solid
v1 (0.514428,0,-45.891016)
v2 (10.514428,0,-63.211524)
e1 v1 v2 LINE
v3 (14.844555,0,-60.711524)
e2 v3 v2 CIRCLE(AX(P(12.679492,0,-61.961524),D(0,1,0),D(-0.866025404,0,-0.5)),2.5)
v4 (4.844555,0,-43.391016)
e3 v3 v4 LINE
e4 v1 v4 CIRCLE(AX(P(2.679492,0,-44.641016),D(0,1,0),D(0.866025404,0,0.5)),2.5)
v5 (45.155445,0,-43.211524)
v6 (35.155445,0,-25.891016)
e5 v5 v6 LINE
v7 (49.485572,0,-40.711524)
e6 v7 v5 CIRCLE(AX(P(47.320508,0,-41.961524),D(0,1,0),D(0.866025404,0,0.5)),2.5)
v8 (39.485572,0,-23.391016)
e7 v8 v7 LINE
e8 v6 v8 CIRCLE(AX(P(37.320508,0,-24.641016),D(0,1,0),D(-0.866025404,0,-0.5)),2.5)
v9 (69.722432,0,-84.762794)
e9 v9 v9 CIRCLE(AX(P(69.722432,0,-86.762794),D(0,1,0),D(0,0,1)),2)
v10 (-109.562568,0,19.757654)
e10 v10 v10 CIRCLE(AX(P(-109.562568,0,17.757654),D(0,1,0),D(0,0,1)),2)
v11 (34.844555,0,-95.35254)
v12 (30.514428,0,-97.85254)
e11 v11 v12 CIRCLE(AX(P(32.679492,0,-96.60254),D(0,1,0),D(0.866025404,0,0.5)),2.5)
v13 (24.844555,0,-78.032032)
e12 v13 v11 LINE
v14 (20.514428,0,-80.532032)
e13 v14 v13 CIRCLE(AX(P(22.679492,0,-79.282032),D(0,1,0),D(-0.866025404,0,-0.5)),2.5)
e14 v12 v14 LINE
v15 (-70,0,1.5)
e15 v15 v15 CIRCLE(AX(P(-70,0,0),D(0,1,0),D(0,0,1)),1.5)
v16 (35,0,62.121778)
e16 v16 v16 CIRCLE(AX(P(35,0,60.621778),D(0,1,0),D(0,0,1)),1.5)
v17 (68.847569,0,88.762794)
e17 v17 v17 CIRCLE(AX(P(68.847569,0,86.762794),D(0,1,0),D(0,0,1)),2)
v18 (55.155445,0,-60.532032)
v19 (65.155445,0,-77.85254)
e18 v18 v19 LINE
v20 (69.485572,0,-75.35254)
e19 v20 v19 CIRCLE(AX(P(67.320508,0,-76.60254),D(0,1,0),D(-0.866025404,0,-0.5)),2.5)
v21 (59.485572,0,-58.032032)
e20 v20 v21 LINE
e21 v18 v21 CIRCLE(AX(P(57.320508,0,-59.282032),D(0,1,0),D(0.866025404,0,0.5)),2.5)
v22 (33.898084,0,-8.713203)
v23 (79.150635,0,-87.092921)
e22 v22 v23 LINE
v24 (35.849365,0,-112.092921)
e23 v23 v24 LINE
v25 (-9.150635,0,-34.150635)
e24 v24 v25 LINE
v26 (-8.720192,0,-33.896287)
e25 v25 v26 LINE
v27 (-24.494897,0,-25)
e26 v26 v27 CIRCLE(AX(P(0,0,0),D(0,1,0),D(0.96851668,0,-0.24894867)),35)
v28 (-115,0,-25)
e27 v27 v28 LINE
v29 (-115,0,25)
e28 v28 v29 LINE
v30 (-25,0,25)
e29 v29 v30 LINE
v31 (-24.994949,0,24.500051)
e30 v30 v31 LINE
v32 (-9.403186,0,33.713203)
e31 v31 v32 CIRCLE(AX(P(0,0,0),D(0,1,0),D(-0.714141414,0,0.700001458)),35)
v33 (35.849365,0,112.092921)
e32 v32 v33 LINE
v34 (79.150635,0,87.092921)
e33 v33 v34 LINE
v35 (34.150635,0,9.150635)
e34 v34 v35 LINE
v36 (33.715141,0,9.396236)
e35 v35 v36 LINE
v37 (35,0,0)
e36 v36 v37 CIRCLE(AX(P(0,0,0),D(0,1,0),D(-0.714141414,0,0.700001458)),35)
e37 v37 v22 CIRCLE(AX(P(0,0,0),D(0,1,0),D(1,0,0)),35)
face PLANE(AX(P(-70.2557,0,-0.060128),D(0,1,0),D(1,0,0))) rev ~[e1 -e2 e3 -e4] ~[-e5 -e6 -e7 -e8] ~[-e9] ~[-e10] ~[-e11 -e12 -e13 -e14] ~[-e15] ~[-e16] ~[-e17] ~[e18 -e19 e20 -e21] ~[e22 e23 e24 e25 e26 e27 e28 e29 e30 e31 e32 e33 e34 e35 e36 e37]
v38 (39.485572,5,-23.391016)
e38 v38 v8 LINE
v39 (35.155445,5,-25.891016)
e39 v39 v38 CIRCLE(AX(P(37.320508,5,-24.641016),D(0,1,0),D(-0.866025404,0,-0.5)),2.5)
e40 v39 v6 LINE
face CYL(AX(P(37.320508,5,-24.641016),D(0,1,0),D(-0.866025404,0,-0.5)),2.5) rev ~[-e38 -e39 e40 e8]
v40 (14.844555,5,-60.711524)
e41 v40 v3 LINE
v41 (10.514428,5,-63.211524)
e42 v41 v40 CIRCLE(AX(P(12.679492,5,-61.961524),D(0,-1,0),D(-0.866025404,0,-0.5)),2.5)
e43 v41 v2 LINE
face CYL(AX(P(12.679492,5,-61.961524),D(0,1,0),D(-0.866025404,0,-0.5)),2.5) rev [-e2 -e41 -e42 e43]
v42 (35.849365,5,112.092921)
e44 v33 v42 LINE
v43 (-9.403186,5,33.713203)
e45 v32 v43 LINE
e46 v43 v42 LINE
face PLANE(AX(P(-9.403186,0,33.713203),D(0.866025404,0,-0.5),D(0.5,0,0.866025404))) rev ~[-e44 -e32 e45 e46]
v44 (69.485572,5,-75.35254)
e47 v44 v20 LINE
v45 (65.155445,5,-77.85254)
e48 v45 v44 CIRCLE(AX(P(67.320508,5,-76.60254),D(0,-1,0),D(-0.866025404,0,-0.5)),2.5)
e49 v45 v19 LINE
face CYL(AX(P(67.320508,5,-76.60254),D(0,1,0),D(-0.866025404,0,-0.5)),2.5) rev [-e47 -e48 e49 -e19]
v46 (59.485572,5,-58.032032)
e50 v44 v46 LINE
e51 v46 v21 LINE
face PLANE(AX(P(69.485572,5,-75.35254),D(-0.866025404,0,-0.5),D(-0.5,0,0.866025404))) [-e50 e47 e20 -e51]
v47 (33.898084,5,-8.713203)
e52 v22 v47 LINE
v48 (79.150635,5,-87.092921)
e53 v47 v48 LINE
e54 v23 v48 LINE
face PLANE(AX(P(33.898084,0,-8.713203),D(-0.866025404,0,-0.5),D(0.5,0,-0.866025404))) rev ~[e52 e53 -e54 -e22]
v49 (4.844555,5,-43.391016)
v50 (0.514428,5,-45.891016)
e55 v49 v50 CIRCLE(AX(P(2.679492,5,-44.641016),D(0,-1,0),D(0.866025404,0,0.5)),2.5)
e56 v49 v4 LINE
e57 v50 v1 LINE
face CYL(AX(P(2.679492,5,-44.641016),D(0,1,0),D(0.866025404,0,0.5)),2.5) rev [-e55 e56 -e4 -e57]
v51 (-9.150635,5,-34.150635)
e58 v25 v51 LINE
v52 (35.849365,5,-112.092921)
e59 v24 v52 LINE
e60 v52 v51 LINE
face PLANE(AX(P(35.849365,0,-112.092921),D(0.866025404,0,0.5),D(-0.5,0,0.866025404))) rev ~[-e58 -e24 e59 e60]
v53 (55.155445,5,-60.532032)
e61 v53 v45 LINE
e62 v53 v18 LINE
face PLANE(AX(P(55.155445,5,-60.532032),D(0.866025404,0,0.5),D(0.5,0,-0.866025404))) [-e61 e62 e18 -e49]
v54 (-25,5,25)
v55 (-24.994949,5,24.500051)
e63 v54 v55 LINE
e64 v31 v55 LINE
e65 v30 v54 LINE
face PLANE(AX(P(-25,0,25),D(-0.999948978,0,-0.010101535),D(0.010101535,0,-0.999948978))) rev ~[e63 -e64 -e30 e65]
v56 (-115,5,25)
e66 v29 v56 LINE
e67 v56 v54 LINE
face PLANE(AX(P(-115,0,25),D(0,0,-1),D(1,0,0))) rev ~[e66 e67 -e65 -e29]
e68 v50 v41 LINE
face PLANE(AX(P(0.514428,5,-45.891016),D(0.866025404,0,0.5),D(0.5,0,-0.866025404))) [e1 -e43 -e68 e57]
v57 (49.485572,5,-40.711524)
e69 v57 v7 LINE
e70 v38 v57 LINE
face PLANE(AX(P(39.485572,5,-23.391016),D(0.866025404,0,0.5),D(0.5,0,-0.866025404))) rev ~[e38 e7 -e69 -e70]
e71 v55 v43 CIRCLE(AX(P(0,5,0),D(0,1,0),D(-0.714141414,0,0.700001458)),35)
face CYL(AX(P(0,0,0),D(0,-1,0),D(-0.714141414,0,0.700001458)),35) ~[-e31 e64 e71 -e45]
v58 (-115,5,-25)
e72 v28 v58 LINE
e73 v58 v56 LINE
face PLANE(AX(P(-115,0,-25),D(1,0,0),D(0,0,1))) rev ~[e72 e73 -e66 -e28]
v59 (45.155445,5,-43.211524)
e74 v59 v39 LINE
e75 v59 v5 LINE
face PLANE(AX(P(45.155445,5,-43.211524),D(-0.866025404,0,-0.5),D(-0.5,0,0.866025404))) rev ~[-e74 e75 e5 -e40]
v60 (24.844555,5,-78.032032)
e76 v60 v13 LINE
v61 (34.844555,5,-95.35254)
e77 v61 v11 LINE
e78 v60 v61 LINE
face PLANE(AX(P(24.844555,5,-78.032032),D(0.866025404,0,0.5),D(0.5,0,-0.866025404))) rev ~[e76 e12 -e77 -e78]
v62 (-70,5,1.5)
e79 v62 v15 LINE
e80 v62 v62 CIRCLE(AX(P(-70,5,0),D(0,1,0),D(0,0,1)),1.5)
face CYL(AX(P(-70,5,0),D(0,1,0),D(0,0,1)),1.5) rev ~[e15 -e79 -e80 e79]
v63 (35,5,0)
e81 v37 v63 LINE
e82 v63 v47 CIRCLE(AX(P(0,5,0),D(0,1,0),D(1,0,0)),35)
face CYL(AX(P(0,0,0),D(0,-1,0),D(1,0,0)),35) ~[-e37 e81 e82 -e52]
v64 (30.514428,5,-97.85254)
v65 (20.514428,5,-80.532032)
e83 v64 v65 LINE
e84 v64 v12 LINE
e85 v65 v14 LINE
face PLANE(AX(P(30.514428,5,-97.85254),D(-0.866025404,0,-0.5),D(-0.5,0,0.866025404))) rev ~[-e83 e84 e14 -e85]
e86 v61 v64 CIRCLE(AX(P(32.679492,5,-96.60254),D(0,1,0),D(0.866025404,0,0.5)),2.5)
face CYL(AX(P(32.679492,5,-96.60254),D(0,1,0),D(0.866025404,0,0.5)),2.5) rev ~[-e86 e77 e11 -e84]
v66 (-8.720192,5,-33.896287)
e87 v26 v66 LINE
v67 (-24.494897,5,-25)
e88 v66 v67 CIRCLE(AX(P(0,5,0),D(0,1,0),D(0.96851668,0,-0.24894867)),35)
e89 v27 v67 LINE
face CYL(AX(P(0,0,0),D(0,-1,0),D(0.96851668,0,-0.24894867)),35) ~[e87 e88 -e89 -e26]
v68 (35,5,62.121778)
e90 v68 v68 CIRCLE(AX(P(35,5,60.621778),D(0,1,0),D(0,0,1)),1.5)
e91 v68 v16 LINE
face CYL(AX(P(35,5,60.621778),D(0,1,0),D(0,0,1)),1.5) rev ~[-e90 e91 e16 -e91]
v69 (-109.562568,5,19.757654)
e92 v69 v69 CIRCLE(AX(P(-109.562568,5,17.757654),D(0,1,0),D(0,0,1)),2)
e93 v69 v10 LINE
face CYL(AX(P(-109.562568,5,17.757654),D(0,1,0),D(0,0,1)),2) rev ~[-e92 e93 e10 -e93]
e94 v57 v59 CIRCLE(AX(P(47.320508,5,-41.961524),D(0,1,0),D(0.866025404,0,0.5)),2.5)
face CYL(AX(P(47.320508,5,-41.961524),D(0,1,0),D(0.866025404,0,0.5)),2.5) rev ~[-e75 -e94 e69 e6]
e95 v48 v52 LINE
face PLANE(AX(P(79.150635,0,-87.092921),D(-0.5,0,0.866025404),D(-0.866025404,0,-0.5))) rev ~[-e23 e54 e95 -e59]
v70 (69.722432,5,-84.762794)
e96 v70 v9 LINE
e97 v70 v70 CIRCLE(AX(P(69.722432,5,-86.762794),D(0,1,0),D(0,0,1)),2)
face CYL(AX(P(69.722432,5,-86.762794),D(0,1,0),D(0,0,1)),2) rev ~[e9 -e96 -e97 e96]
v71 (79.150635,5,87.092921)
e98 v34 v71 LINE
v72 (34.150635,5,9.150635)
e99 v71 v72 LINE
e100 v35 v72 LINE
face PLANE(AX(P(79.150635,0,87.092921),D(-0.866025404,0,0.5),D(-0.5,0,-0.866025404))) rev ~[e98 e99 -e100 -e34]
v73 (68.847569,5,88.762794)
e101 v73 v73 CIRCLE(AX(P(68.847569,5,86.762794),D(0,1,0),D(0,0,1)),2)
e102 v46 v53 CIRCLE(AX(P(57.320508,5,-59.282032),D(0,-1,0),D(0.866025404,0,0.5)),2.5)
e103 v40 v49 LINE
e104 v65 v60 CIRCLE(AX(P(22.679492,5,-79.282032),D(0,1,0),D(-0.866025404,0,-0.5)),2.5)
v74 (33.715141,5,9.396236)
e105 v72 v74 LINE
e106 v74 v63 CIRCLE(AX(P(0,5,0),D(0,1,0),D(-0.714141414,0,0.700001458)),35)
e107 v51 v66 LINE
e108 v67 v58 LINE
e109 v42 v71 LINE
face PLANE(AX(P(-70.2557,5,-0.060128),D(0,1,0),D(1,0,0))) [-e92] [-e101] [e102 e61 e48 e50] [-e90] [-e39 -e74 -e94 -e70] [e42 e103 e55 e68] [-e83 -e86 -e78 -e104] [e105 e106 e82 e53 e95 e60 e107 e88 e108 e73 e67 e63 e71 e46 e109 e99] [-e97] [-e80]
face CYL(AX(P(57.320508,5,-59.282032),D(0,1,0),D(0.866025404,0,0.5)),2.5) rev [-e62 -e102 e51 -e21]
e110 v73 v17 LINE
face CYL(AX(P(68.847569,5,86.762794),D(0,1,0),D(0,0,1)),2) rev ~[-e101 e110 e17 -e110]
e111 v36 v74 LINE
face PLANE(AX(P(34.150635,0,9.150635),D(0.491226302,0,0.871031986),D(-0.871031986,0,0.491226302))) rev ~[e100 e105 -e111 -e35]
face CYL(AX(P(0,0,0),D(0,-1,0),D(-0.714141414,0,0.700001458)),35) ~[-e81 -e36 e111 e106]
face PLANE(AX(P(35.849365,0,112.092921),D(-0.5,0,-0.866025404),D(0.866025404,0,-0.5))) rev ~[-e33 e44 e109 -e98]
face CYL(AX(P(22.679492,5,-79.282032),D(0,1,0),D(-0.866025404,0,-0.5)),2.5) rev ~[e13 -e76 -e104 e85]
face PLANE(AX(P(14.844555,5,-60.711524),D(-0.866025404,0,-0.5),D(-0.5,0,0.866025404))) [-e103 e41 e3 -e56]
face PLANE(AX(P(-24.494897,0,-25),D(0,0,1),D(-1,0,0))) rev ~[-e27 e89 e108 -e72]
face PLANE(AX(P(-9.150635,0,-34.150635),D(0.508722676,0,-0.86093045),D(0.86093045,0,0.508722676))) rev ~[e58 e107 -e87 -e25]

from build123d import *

# Parameters (mm, degrees)
ESQUISSE3_R             = 35
BOSS_EXTRU_3_DEPTH      = 5
ESQUISSE5_R             = 1.5
ENL_V_MAT_EXTRU_1_DEPTH = 161.669919512
ESQUISSE7_R             = 2
ENL_V_MAT_EXTRU_2_DEPTH = 10


with BuildPart() as part:
    # Esquisse3 → Boss.-Extru.3 (new body)
    with BuildSketch(Plane(origin=(0, 0, 0), x_dir=(1, 0, 0), z_dir=(0, 1, 0))):
        with BuildLine():
            Line((-115, -25), (-25, -25))
            Line((-25, -25), (-24.99494949, -24.500051021))
            ThreePointArc((-24.99494949, -24.500051021), (-34.998214236, 0.353553761), (-24.494897428, 25))
            Line((-24.494897428, 25), (-25, 25))
            Line((-25, 25), (-115, 25))
            Line((-115, 25), (-115, -25))
        make_face()
        Circle(ESQUISSE3_R)
        Polygon((-9.403186381, -33.713203436), (35.849364905, -112.092921435), (79.150635095, -87.092921435), (34.150635095, -9.150635095), align=None)
        with BuildLine():
            Line((-24.494897428, 25), (-24.99494949, -24.500051021))
            ThreePointArc((-24.99494949, -24.500051021), (-17.805293657, -30.132565736), (-9.403186381, -33.713203436))
            Line((-9.403186381, -33.713203436), (33.715141323, -9.396235714))
            ThreePointArc((33.715141323, -9.396235714), (34.677297662, -4.741837919), (35, 0))
            ThreePointArc((35, 0), (34.72342821, 4.391302011), (33.898083809, 8.713203436))
            Line((33.898083809, 8.713203436), (-8.720191833, 33.896286735))
            ThreePointArc((-8.720191833, 33.896286735), (-17.19292058, 30.486119496), (-24.494897428, 25))
        make_face()
        Circle(ESQUISSE3_R)
        Polygon((33.898083809, 8.713203436), (79.150635095, 87.092921435), (35.849364905, 112.092921435), (-9.150635095, 34.150635095), align=None)
        with BuildLine():
            ThreePointArc((33.898083809, 8.713203436), (17.805293657, 30.132565736), (-8.720191833, 33.896286735))
            Line((-8.720191833, 33.896286735), (33.898083809, 8.713203436))
        make_face()
    extrude(amount=BOSS_EXTRU_3_DEPTH)

    # Esquisse5 → Enlèv. mat.-Extru.1 (cut, through all)
    with BuildSketch(Plane(origin=(0, 5, 0), x_dir=(1, 0, 0), z_dir=(0, 1, 0))):
        with BuildLine():
            Line((30.514428415, 97.852540378), (20.514428415, 80.532032303))
            ThreePointArc((20.514428415, 80.532032303), (21.429491924, 77.116968793), (24.844555434, 78.032032303))
            Line((24.844555434, 78.032032303), (34.844555434, 95.352540378))
            ThreePointArc((34.844555434, 95.352540378), (33.929491924, 98.767603888), (30.514428415, 97.852540378))
        make_face()
        with BuildLine():
            ThreePointArc((10.514428415, 63.211524227), (13.929491924, 64.126587737), (14.844555434, 60.711524227))
            Line((14.844555434, 60.711524227), (4.844555434, 43.391016151))
            ThreePointArc((4.844555434, 43.391016151), (1.429491924, 42.475952642), (0.514428415, 45.891016151))
            Line((0.514428415, 45.891016151), (10.514428415, 63.211524227))
        make_face()
        with BuildLine():
            ThreePointArc((65.155444566, 77.852540378), (68.570508076, 78.767603888), (69.485571585, 75.352540378))
            Line((69.485571585, 75.352540378), (59.485571585, 58.032032303))
            ThreePointArc((59.485571585, 58.032032303), (56.070508076, 57.116968793), (55.155444566, 60.532032303))
            Line((55.155444566, 60.532032303), (65.155444566, 77.852540378))
        make_face()
        with BuildLine():
            Line((45.155444566, 43.211524227), (35.155444566, 25.891016151))
            ThreePointArc((35.155444566, 25.891016151), (36.070508076, 22.475952642), (39.485571585, 23.391016151))
            Line((39.485571585, 23.391016151), (49.485571585, 40.711524227))
            ThreePointArc((49.485571585, 40.711524227), (48.570508076, 44.126587737), (45.155444566, 43.211524227))
        make_face()
        with Locations(Location((35, -60.621778265, 0), (0, 0, 270))):
            Circle(ESQUISSE5_R)
        with Locations(Location((-70, 0, 0), (0, 0, 270))):
            Circle(ESQUISSE5_R)
    extrude(amount=-ENL_V_MAT_EXTRU_1_DEPTH, mode=Mode.SUBTRACT)

    # Esquisse7 → Enlèv. mat.-Extru.2 (cut)
    with BuildSketch(Plane(origin=(0, 5, 0), x_dir=(1, 0, 0), z_dir=(0, 1, 0))):
        with Locations(Location((69.722431864, 86.762794416, 0), (0, 0, 270))):
            Circle(ESQUISSE7_R)
        with Locations(Location((-109.562568341, -17.757653858, 0), (0, 0, 270))):
            Circle(ESQUISSE7_R)
        with Locations(Location((68.847568546, -86.762794416, 0), (0, 0, 270))):
            Circle(ESQUISSE7_R)
    extrude(amount=-ENL_V_MAT_EXTRU_2_DEPTH, mode=Mode.SUBTRACT)


solid = part.part
